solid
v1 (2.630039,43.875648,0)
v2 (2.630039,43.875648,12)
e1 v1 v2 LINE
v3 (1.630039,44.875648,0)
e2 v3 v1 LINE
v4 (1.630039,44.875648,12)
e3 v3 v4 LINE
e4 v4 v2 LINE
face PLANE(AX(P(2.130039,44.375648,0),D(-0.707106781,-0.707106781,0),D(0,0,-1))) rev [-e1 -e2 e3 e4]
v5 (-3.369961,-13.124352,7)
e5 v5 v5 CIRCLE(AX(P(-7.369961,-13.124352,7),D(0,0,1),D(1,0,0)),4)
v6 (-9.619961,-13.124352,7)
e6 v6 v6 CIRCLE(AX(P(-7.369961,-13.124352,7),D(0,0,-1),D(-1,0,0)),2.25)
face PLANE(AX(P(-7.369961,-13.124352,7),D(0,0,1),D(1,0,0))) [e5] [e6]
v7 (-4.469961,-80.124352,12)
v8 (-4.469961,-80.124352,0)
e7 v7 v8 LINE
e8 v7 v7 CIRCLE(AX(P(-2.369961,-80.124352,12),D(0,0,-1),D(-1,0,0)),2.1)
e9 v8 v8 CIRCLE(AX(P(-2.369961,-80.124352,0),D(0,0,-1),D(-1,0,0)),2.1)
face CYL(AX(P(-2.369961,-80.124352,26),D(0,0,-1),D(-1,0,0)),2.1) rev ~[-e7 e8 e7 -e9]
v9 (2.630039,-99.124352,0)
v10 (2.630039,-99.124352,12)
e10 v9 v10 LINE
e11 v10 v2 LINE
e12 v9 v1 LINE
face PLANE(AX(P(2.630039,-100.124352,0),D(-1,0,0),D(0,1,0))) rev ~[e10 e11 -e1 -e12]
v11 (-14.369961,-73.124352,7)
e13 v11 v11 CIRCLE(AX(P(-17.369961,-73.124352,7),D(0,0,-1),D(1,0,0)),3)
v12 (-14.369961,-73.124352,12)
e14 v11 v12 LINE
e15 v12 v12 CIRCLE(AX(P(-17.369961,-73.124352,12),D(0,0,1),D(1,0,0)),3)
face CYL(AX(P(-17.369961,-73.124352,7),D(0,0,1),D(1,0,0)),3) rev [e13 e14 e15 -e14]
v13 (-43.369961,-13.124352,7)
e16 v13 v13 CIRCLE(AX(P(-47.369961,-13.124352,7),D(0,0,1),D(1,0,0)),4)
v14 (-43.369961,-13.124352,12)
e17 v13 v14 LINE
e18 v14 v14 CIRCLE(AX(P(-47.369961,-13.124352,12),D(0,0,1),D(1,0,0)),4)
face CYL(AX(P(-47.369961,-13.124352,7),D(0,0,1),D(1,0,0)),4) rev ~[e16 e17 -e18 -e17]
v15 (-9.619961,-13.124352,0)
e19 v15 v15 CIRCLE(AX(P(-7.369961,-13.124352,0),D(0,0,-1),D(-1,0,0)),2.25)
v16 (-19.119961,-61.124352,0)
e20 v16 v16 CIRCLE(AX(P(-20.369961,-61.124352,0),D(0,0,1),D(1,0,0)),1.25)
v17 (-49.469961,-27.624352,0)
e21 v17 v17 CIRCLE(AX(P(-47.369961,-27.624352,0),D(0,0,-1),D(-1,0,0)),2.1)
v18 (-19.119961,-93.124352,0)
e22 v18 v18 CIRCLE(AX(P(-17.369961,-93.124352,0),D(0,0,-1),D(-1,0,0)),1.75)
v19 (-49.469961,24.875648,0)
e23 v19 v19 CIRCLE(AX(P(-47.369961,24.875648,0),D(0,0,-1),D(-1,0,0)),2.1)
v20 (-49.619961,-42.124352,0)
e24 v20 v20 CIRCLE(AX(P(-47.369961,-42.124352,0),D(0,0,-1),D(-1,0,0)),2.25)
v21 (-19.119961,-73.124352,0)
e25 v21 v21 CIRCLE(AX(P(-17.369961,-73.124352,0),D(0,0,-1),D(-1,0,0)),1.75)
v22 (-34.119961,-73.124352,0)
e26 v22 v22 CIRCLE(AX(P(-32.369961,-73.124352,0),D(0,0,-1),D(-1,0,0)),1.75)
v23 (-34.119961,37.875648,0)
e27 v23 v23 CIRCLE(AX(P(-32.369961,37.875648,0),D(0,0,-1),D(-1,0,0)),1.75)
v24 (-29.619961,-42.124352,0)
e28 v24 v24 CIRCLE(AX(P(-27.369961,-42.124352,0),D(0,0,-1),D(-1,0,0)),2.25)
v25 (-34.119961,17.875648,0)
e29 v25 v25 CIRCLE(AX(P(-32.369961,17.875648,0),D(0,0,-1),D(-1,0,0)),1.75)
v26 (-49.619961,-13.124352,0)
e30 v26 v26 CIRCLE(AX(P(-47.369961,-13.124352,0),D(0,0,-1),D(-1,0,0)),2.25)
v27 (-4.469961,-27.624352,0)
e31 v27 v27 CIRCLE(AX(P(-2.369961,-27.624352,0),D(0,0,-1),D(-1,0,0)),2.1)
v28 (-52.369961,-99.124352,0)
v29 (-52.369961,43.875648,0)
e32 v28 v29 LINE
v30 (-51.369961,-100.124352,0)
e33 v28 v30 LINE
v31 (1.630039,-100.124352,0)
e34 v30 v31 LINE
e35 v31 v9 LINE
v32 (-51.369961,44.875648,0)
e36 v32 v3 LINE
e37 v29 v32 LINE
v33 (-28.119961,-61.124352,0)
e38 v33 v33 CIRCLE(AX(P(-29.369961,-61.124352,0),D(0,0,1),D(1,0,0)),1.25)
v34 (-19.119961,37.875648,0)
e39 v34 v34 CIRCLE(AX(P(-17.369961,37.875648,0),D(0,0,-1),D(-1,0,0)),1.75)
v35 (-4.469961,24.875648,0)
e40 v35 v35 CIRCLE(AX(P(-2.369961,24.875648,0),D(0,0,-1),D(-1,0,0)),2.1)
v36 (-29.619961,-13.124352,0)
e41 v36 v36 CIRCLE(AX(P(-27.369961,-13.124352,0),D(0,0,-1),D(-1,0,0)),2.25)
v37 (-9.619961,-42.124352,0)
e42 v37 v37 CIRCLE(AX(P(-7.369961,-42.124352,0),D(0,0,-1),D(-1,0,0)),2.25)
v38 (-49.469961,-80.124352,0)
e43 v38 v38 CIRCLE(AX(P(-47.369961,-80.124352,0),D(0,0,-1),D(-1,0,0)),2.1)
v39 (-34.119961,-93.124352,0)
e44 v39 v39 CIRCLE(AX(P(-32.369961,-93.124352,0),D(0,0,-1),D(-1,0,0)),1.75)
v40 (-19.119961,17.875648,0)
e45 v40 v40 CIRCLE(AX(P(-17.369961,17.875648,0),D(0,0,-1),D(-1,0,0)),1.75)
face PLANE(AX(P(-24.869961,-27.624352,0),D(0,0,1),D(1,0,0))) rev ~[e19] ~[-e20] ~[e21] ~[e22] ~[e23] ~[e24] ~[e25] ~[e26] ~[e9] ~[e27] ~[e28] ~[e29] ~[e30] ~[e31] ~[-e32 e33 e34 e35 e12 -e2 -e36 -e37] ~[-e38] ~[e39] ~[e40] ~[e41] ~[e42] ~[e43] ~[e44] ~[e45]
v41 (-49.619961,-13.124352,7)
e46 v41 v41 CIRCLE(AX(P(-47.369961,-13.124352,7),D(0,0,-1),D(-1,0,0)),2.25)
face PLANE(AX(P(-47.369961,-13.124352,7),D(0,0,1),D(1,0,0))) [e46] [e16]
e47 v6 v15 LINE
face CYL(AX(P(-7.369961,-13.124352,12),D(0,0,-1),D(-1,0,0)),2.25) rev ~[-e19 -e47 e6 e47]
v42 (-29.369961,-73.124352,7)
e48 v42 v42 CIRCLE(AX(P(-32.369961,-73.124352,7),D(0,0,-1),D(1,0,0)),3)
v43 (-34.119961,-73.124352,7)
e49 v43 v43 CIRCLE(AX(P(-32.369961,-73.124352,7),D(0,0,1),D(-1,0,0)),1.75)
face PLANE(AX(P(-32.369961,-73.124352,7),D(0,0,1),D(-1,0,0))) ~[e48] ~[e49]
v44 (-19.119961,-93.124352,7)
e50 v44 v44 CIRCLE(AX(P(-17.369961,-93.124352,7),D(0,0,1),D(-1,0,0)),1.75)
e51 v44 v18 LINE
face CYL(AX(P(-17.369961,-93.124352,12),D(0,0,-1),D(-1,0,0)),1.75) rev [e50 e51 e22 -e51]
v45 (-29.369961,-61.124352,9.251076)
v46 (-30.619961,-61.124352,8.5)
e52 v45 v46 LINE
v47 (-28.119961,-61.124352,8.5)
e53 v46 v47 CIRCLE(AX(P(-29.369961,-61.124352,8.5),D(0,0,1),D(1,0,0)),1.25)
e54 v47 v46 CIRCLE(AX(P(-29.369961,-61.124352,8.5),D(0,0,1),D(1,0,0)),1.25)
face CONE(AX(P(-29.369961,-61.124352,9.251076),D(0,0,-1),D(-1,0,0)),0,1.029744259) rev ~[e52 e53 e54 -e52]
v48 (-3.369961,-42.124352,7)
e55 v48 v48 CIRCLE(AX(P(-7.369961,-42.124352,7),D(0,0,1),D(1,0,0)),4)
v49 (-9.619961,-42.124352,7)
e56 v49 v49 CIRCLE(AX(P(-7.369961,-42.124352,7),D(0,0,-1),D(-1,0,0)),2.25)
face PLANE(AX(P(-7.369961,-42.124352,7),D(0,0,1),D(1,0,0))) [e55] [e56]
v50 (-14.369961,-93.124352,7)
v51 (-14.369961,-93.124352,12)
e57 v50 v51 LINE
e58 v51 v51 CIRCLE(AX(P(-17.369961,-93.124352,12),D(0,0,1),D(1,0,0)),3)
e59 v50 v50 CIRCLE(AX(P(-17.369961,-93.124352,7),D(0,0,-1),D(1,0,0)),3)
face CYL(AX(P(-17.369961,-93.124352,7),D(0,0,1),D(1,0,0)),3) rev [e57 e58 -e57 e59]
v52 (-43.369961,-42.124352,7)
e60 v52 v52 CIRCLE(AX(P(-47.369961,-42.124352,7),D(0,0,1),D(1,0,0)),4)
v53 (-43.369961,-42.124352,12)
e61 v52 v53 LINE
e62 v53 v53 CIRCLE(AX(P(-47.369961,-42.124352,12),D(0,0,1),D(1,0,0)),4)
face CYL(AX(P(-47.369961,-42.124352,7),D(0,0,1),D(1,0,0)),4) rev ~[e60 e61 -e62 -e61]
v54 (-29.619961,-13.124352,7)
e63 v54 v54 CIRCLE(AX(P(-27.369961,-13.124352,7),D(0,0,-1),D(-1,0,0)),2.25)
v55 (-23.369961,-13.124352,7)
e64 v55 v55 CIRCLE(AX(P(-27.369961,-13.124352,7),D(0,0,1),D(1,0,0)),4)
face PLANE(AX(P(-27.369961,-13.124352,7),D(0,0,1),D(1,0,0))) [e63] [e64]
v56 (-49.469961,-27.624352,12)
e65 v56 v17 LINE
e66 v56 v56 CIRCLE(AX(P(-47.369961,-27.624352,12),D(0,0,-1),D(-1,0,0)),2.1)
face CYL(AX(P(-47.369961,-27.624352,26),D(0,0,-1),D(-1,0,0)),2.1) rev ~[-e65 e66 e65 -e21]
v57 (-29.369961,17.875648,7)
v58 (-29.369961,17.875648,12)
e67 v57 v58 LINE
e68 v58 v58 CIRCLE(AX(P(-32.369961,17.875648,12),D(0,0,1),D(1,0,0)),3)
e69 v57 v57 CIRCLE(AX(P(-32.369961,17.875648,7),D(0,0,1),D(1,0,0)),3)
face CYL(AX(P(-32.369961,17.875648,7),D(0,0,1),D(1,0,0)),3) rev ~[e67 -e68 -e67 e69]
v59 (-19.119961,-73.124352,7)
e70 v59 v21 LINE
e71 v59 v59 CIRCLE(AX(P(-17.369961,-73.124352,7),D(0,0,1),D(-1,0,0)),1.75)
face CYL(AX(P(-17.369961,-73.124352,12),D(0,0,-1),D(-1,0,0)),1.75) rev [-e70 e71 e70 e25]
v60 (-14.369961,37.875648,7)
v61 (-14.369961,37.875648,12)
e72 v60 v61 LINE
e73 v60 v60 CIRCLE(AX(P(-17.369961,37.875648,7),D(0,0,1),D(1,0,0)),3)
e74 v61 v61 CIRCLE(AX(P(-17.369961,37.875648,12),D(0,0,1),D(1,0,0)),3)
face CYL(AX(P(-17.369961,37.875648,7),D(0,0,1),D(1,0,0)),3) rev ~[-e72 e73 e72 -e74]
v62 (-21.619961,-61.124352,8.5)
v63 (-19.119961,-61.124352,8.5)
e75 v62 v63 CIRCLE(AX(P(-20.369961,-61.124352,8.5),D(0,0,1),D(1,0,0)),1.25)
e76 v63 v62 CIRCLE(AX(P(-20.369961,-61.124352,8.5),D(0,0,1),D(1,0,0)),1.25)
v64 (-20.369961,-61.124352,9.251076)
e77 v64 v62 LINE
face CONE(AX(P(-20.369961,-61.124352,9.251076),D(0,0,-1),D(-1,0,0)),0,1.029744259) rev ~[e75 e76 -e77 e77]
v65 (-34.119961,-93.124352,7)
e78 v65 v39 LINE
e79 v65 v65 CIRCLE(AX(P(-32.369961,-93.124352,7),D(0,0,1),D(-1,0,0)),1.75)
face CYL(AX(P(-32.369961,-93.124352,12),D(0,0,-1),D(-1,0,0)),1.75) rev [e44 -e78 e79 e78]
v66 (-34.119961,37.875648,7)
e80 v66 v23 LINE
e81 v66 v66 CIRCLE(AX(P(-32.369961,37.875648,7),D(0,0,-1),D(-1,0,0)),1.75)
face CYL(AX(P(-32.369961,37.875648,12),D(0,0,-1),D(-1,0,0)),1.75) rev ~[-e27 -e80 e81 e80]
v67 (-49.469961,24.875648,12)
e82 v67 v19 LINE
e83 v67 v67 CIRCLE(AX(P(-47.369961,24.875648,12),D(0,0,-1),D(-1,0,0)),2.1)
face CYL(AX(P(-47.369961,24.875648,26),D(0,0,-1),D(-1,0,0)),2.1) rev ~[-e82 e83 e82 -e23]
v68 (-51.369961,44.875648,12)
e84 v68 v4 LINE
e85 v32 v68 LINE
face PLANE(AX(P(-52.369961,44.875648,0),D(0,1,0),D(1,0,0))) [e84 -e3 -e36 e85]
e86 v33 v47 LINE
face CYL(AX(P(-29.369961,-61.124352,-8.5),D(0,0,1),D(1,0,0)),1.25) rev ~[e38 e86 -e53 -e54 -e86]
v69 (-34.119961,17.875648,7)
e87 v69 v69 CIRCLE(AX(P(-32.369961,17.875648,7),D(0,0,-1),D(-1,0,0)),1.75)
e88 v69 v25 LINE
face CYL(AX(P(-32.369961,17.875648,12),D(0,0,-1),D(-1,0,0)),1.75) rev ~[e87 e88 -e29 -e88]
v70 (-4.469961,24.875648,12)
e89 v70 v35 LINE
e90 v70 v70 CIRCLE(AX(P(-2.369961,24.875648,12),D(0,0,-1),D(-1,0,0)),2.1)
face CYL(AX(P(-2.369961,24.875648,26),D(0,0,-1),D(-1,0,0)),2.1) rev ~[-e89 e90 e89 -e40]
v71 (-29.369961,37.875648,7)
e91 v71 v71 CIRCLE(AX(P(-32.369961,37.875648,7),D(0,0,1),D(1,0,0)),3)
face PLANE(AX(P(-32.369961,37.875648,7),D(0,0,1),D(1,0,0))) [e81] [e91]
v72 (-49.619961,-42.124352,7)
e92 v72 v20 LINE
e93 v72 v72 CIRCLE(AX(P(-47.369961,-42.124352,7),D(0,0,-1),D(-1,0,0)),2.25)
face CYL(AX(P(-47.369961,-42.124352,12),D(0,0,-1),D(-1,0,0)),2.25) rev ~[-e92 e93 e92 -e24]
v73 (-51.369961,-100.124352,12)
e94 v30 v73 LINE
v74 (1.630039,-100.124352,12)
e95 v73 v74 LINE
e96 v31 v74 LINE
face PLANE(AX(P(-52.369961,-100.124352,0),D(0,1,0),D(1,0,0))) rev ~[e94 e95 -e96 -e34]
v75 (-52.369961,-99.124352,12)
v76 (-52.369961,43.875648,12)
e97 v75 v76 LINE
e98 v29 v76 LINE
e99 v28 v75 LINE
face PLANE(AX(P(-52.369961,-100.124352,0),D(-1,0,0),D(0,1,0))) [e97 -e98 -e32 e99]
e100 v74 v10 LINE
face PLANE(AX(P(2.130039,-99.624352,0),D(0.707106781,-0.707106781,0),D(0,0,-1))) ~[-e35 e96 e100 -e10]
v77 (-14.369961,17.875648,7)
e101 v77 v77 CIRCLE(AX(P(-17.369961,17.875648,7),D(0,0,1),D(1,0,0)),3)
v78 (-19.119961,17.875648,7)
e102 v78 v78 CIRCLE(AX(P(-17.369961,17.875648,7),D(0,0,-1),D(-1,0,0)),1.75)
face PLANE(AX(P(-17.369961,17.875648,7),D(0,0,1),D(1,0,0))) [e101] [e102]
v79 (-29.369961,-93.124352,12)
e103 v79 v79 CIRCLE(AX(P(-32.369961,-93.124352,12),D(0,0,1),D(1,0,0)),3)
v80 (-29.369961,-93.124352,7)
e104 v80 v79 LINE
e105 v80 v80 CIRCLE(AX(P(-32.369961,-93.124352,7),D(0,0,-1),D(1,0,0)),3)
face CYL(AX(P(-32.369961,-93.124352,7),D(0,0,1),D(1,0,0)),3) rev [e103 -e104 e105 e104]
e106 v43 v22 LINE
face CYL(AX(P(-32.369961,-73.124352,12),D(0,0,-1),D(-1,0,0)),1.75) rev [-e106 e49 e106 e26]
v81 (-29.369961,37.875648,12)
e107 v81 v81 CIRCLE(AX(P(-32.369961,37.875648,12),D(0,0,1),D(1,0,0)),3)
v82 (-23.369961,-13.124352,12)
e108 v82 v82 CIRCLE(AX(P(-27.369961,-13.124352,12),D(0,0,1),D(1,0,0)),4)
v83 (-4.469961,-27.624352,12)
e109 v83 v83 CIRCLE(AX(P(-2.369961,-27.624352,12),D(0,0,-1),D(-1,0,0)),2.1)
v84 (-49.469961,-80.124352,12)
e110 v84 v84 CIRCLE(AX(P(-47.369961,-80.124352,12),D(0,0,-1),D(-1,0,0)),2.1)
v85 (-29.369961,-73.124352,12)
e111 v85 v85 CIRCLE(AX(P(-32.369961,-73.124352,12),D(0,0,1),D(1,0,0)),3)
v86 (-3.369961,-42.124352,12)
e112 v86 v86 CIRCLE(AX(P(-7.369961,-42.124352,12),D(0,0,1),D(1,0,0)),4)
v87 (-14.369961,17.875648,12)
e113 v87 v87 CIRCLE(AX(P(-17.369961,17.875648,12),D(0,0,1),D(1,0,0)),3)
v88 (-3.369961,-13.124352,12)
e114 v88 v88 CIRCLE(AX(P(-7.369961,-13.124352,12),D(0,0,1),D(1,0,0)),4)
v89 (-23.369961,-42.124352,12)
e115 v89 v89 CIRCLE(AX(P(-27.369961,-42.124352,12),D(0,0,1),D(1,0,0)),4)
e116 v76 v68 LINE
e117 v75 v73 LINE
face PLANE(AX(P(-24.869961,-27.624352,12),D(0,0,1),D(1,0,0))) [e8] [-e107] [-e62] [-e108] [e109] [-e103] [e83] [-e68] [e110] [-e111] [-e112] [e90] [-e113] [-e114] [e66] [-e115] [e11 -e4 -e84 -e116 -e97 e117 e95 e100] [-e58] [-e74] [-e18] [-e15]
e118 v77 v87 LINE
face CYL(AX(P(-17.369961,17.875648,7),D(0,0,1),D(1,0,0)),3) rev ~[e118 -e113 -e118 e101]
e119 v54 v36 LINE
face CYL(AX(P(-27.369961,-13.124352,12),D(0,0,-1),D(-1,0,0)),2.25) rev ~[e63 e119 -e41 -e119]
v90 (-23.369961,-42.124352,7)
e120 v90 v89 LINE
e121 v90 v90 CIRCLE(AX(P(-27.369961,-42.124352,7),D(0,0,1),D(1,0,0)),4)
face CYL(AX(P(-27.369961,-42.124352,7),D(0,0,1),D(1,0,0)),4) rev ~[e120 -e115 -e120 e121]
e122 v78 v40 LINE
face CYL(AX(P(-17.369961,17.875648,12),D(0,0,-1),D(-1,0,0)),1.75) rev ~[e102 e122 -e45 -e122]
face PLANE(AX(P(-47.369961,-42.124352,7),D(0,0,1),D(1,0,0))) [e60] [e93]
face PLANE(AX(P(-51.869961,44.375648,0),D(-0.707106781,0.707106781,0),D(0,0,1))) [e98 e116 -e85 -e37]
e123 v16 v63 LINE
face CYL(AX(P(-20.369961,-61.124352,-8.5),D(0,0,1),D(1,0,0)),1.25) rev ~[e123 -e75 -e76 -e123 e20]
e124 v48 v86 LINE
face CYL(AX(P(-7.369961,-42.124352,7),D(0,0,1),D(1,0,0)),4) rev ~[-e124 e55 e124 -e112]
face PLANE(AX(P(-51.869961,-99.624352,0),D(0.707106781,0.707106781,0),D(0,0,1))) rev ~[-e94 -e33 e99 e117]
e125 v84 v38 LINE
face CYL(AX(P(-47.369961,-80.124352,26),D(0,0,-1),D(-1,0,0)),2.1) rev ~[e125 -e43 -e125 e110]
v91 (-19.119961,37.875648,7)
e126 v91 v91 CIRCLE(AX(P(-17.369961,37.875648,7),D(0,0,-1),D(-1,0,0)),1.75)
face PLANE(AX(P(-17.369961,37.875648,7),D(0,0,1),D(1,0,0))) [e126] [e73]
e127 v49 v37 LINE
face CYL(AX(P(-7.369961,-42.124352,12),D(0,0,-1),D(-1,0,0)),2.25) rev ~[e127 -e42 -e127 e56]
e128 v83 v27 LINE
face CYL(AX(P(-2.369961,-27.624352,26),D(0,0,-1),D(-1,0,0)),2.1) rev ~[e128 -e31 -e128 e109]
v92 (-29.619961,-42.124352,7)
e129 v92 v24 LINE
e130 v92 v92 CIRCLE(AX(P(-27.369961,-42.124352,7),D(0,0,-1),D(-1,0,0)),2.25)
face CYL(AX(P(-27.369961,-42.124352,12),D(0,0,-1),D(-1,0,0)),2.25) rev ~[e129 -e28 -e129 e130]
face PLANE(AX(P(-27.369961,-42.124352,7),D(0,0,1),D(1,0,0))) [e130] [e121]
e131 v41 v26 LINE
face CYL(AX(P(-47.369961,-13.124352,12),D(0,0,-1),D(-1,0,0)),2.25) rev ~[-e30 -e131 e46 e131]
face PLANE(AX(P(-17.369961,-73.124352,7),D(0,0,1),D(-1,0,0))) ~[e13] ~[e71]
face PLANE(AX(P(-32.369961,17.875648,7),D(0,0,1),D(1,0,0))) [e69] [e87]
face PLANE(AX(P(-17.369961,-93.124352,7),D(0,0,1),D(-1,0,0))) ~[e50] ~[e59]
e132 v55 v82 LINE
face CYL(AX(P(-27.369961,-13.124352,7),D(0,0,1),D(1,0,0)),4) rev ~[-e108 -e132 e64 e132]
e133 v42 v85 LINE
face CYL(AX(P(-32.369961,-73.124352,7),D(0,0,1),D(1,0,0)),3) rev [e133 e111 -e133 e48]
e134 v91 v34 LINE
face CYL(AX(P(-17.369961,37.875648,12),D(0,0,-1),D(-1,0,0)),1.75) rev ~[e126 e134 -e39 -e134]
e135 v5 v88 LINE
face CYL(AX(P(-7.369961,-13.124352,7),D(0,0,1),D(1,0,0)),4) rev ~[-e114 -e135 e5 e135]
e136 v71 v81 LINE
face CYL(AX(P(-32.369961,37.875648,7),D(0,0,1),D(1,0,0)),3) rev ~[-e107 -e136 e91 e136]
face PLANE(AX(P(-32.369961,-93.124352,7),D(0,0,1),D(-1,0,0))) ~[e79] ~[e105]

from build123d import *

# Parameters (mm, degrees)
SKETCH_1_W                   = 55
SKETCH_1_H                   = 145
EXTRUDE_1_DEPTH              = 12
HOLE_WIZARD_M3_1_D           = 3.5
HOLE_WIZARD_M3_1_CBORE_D     = 6
HOLE_WIZARD_M3_1_CBORE_DEPTH = 5
HOLE_WIZARD_1_D              = 4.5
HOLE_WIZARD_1_CBORE_D        = 8
HOLE_WIZARD_1_CBORE_DEPTH    = 5
HOLE_WIZARD_M5_1_D           = 4.2
HOLE_WIZARD_M5_1_DEPTH       = 14
HOLE_WIZARD_M5_1_TIP         = 1.2618073
HOLE_WIZARD_M3_1_2_D         = 2.5
HOLE_WIZARD_M3_1_2_DEPTH     = 8.5
HOLE_WIZARD_M3_1_2_TIP       = 0.751075774
CHAMFER_1_SIZE               = 1


with BuildPart() as part:
    # 草图1 → 凸台-拉伸1 (new body)
    with BuildSketch(Plane.XY):
        with Locations((-24.869961125, -27.624351889)):
            Rectangle(SKETCH_1_W, SKETCH_1_H)
    extrude(amount=EXTRUDE_1_DEPTH)

    # Hole Wizard M3 _1 (through all)
    with Locations(Plane.XY.offset(12)):
        with Locations((-32.369961125, 37.875648111), (-17.369961125, 37.875648111), (-17.369961125, 17.875648111), (-32.369961125, 17.875648111)):
            hole_wizard_m3_1 = CounterBoreHole(HOLE_WIZARD_M3_1_D / 2, HOLE_WIZARD_M3_1_CBORE_D / 2, HOLE_WIZARD_M3_1_CBORE_DEPTH)

    # 镜向1: Hole Wizard M3 _1 across plane
    add(hole_wizard_m3_1.mirror(Plane.ZX.offset(-27.624351889)), mode=Mode.SUBTRACT)

    # 打孔尺寸(%根据)内六角圆柱头螺钉的类型1 (through all)
    with Locations(Plane(origin=(27.369961125, 27.624351889, 12), x_dir=(1, 0, 0), z_dir=(0, 0, 1))):
        with Locations((-74.73992225, -40.748703777), (-54.73992225, -40.748703777), (-34.73992225, -40.748703777), (-34.73992225, -69.748703777), (-54.73992225, -69.748703777), (-74.73992225, -69.748703777)):
            CounterBoreHole(HOLE_WIZARD_1_D / 2, HOLE_WIZARD_1_CBORE_D / 2, HOLE_WIZARD_1_CBORE_DEPTH)

    # M5 螺纹孔1
    with Locations(Plane.XY.offset(12)):
        with Locations((-47.369961125, 24.875648111), (-2.369961125, 24.875648111), (-2.369961125, -27.624351889), (-47.369961125, -27.624351889), (-47.369961125, -80.124351889), (-2.369961125, -80.124351889)):
            Hole(HOLE_WIZARD_M5_1_D / 2, depth=HOLE_WIZARD_M5_1_DEPTH)
            with Locations((0, 0, -(HOLE_WIZARD_M5_1_DEPTH + HOLE_WIZARD_M5_1_TIP / 2))):  # 118° drill point
                Cone(0, HOLE_WIZARD_M5_1_D / 2, HOLE_WIZARD_M5_1_TIP, mode=Mode.SUBTRACT)

    # Hole Wizard M3 _1 2
    with Locations(Plane(origin=(0, 0, 0), x_dir=(-1, 0, 0), z_dir=(0, 0, -1))):
        with Locations((29.369961125, -61.124351889), (20.369961125, -61.124351889)):
            Hole(HOLE_WIZARD_M3_1_2_D / 2, depth=HOLE_WIZARD_M3_1_2_DEPTH)
            with Locations((0, 0, -(HOLE_WIZARD_M3_1_2_DEPTH + HOLE_WIZARD_M3_1_2_TIP / 2))):  # 118° drill point
                Cone(0, HOLE_WIZARD_M3_1_2_D / 2, HOLE_WIZARD_M3_1_2_TIP, mode=Mode.SUBTRACT)

    # 倒角1
    chamfer_1_edges = [part.edges().sort_by_distance(p)[0] for p in [
        (-52.369961125, 44.875648111, 6),
        (2.630038875, 44.875648111, 6),
        (2.630038875, -100.124351889, 6),
        (-52.369961125, -100.124351889, 6),
    ]]
    chamfer(chamfer_1_edges, length=CHAMFER_1_SIZE)


solid = part.part
